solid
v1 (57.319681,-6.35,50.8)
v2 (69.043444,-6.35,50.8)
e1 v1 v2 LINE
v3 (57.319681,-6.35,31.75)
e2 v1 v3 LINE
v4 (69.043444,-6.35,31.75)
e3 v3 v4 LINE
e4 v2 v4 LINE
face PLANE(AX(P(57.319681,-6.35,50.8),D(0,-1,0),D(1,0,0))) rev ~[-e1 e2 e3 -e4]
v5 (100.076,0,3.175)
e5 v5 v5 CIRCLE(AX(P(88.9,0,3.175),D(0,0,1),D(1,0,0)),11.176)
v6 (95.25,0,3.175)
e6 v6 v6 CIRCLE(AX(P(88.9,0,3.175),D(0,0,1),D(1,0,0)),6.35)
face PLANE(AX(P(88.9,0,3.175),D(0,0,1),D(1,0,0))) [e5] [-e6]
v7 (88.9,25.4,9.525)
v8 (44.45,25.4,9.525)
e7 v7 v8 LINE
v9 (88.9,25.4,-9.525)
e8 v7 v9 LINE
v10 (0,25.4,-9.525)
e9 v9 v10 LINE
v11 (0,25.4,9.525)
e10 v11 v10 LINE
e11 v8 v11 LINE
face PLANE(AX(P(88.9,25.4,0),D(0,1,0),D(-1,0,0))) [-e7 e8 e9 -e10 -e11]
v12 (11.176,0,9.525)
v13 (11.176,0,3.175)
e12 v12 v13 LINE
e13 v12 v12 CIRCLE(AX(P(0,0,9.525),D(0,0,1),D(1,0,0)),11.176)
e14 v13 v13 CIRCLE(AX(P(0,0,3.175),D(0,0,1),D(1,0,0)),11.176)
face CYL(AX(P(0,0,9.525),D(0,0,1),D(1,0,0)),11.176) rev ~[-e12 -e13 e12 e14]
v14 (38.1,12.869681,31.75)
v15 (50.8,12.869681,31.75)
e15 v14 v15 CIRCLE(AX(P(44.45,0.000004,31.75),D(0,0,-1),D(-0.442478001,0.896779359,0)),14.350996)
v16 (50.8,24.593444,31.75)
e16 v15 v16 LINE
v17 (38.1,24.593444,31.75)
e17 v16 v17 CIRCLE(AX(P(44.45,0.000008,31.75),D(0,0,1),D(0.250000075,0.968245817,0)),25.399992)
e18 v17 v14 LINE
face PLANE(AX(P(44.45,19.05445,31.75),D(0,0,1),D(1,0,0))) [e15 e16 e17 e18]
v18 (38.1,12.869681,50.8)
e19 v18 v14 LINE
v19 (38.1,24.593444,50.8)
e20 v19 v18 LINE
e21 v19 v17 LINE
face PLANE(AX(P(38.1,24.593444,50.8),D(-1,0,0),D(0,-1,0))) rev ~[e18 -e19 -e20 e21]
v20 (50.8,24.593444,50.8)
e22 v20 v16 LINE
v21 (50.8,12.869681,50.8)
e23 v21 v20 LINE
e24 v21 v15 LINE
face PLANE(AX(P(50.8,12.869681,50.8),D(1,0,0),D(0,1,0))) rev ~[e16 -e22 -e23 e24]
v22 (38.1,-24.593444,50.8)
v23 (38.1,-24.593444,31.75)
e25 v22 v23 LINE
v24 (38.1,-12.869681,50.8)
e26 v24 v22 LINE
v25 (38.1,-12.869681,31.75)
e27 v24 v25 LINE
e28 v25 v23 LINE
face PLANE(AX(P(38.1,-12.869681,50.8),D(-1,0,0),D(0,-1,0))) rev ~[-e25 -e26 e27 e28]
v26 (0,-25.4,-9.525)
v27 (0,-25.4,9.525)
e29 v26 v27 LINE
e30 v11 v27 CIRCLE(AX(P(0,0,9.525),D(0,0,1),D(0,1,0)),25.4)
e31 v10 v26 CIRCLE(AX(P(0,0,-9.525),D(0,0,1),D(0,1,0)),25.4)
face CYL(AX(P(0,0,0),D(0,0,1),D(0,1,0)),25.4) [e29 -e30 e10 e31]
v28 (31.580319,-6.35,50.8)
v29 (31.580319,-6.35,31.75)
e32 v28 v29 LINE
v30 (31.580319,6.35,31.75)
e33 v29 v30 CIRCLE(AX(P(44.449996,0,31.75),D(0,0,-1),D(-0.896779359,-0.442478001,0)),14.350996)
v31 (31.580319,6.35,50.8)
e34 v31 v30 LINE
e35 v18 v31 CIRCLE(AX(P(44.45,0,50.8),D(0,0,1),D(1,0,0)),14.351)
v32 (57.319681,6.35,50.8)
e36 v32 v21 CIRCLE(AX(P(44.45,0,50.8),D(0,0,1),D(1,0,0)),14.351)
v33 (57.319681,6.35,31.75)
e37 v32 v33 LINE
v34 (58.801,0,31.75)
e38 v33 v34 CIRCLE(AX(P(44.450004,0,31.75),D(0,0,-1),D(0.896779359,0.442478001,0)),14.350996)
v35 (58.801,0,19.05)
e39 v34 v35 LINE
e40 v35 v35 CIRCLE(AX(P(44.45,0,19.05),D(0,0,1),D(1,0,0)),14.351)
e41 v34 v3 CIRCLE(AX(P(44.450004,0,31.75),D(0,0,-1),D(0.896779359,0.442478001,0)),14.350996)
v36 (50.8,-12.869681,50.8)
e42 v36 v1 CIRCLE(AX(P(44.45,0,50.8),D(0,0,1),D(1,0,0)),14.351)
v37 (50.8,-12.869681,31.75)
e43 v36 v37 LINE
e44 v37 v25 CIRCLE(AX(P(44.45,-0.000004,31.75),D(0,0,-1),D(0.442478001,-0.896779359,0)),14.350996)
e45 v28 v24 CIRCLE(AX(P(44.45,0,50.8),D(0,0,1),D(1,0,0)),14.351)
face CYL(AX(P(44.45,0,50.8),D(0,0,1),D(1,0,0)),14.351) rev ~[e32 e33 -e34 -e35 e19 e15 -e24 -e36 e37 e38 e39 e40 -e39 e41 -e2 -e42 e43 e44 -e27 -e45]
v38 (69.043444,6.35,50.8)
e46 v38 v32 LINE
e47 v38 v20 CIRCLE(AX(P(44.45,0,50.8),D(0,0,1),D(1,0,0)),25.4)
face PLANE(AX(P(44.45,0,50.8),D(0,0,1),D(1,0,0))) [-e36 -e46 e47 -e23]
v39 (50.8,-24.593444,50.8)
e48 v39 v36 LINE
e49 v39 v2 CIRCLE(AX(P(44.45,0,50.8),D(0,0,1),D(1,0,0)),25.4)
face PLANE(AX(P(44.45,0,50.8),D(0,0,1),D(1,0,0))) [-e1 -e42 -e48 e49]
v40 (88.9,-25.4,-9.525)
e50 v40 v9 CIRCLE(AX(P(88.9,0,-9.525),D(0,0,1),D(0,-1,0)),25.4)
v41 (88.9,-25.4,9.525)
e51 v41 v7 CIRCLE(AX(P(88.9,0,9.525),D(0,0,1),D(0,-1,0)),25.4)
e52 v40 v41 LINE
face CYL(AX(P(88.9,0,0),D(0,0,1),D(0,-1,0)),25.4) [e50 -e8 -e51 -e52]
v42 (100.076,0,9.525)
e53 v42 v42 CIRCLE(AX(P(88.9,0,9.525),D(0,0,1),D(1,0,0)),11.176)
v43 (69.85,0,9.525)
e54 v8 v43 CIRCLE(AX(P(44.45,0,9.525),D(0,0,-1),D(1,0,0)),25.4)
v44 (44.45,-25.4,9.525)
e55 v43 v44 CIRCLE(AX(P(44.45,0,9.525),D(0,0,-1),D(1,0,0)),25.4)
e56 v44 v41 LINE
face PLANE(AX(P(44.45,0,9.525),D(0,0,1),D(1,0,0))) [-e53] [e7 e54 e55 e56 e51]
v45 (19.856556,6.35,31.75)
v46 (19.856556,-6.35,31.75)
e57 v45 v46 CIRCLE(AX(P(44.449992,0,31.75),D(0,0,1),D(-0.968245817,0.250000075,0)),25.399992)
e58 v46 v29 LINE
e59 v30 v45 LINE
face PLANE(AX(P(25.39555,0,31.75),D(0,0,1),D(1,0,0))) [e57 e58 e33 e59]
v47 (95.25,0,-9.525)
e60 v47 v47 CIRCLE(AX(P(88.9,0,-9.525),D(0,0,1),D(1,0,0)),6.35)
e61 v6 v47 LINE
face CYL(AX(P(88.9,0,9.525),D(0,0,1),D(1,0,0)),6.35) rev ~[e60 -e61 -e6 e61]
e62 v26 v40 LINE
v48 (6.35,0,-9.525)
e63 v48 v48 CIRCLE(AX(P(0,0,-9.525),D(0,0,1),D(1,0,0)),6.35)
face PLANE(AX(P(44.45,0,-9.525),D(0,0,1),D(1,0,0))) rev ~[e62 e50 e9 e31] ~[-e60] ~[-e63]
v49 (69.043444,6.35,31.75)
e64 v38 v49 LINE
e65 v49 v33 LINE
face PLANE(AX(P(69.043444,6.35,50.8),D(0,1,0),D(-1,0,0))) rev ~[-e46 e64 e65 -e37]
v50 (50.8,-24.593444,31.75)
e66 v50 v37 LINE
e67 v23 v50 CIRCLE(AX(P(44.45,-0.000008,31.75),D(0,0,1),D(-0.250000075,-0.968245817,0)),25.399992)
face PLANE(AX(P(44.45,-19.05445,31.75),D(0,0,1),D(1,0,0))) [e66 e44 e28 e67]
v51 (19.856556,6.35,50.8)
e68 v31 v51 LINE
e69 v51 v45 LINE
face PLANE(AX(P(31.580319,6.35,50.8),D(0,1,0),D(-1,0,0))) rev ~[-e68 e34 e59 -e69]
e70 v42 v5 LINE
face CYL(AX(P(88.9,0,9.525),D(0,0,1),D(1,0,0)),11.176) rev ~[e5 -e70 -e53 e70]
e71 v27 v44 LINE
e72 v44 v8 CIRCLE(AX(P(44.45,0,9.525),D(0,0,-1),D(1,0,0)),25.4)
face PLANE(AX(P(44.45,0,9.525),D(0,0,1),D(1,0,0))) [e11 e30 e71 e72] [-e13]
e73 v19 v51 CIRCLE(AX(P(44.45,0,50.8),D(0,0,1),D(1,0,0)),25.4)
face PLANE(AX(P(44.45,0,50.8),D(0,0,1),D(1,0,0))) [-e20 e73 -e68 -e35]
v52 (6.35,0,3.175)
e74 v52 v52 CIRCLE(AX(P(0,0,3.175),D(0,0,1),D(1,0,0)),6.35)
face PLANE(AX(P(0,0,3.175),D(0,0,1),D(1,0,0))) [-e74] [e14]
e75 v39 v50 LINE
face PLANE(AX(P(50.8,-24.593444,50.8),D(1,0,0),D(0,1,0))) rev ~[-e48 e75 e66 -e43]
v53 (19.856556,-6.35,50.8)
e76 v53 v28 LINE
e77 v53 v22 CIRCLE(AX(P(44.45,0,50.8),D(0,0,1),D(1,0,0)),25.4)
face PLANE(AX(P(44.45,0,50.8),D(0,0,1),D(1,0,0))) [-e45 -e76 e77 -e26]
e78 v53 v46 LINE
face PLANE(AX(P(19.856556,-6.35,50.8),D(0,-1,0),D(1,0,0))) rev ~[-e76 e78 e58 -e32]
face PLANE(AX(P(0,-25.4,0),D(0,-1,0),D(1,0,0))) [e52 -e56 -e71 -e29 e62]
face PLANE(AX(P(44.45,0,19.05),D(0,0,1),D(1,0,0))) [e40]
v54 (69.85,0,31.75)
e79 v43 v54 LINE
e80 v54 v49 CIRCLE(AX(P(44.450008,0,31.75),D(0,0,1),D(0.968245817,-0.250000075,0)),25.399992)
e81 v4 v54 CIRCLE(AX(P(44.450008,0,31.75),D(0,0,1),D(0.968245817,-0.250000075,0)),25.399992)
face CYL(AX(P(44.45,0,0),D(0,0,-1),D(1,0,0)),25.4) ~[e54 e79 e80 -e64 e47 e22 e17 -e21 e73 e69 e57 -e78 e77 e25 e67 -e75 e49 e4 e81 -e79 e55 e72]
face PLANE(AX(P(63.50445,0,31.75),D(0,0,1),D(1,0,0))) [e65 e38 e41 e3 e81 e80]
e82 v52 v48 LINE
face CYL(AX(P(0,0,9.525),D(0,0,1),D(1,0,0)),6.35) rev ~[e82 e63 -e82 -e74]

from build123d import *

# Parameters (mm, degrees)
F1_DEPTH  = 9.525
F2_R      = 11.176
F3_DEPTH  = 6.35
F4_R      = 6.35
F5_DEPTH  = 19.05
F6_R      = 25.4
F7_DEPTH  = 50.8
F8_R      = 14.351
F9_DEPTH  = 31.75
F11_DEPTH = 19.05
F12_DEPTH = 19.05


with BuildPart() as f1:
    # F0 (on Top) → F1 (new body, symmetric)
    with BuildSketch(Plane.XY):
        with BuildLine():
            ThreePointArc((0, 25.4), (-25.4, 0), (0, -25.4))
            Line((0, -25.4), (88.9, -25.4))
            ThreePointArc((88.9, -25.4), (114.3, 0), (88.9, 25.4))
            Line((88.9, 25.4), (0, 25.4))
        make_face()
    extrude(amount=F1_DEPTH, both=True)

    # F2 (on face) → F3 (cut)
    with BuildSketch(Plane.XY.offset(9.525)):
        Circle(F2_R)
        with Locations((88.9, 0)):
            Circle(F2_R)
    extrude(amount=-F3_DEPTH, mode=Mode.SUBTRACT)

    # F4 (on face) → F5 (cut)
    with BuildSketch(Plane.XY.offset(9.525)):
        Circle(F4_R)
        with Locations((88.9, 0)):
            Circle(F4_R)
    extrude(amount=-F5_DEPTH, mode=Mode.SUBTRACT)

    # F6 (on Top) → F7 (join)
    with BuildSketch(Plane.XY):
        with Locations((44.45, 0)):
            Circle(F6_R)
    extrude(amount=F7_DEPTH)

    # F8 (on face) → F9 (cut)
    with BuildSketch(Plane.XY.offset(50.8)):
        with Locations((44.45, 0)):
            Circle(F8_R)
    extrude(amount=-F9_DEPTH, mode=Mode.SUBTRACT)

    # F10 (on face) → F11 (cut)
    with BuildSketch(Plane.XY.offset(50.8)):
        with BuildLine():
            Line((31.580319, 6.35), (19.856556, 6.35))
            ThreePointArc((19.856556, 6.35), (19.05, 0), (19.856556, -6.35))
            Line((19.856556, -6.35), (31.580319, -6.35))
            ThreePointArc((31.580319, -6.35), (30.099, 0), (31.580319, 6.35))
        make_face()
        with BuildLine():
            ThreePointArc((50.8, -12.869681), (44.45, -14.351), (38.1, -12.869681))
            Line((38.1, -12.869681), (38.1, -24.593444))
            ThreePointArc((38.1, -24.593444), (44.45, -25.4), (50.8, -24.593444))
            Line((50.8, -24.593444), (50.8, -12.869681))
        make_face()
        with BuildLine():
            ThreePointArc((57.319681, 6.35), (58.801, 0), (57.319681, -6.35))
            Line((57.319681, -6.35), (69.043444, -6.35))
            ThreePointArc((69.043444, -6.35), (69.85, 0), (69.043444, 6.35))
            Line((69.043444, 6.35), (57.319681, 6.35))
        make_face()
        with BuildLine():
            ThreePointArc((38.1, 12.869681), (44.45, 14.351), (50.8, 12.869681))
            Line((50.8, 12.869681), (50.8, 24.593444))
            ThreePointArc((50.8, 24.593444), (44.45, 25.4), (38.1, 24.593444))
            Line((38.1, 24.593444), (38.1, 12.869681))
        make_face()
    extrude(amount=-F11_DEPTH, mode=Mode.SUBTRACT)

    # F10 (on face) → F12 (cut)
    with BuildSketch(Plane.XY.offset(50.8)):
        with BuildLine():
            Line((31.580319, 6.35), (19.856556, 6.35))
            ThreePointArc((19.856556, 6.35), (19.05, 0), (19.856556, -6.35))
            Line((19.856556, -6.35), (31.580319, -6.35))
            ThreePointArc((31.580319, -6.35), (30.099, 0), (31.580319, 6.35))
        make_face()
        with BuildLine():
            ThreePointArc((50.8, -12.869681), (44.45, -14.351), (38.1, -12.869681))
            Line((38.1, -12.869681), (38.1, -24.593444))
            ThreePointArc((38.1, -24.593444), (44.45, -25.4), (50.8, -24.593444))
            Line((50.8, -24.593444), (50.8, -12.869681))
        make_face()
        with BuildLine():
            ThreePointArc((57.319681, 6.35), (58.801, 0), (57.319681, -6.35))
            Line((57.319681, -6.35), (69.043444, -6.35))
            ThreePointArc((69.043444, -6.35), (69.85, 0), (69.043444, 6.35))
            Line((69.043444, 6.35), (57.319681, 6.35))
        make_face()
        with BuildLine():
            ThreePointArc((38.1, 12.869681), (44.45, 14.351), (50.8, 12.869681))
            Line((50.8, 12.869681), (50.8, 24.593444))
            ThreePointArc((50.8, 24.593444), (44.45, 25.4), (38.1, 24.593444))
            Line((38.1, 24.593444), (38.1, 12.869681))
        make_face()
    extrude(amount=-F12_DEPTH, mode=Mode.SUBTRACT)


solid = f1.part
